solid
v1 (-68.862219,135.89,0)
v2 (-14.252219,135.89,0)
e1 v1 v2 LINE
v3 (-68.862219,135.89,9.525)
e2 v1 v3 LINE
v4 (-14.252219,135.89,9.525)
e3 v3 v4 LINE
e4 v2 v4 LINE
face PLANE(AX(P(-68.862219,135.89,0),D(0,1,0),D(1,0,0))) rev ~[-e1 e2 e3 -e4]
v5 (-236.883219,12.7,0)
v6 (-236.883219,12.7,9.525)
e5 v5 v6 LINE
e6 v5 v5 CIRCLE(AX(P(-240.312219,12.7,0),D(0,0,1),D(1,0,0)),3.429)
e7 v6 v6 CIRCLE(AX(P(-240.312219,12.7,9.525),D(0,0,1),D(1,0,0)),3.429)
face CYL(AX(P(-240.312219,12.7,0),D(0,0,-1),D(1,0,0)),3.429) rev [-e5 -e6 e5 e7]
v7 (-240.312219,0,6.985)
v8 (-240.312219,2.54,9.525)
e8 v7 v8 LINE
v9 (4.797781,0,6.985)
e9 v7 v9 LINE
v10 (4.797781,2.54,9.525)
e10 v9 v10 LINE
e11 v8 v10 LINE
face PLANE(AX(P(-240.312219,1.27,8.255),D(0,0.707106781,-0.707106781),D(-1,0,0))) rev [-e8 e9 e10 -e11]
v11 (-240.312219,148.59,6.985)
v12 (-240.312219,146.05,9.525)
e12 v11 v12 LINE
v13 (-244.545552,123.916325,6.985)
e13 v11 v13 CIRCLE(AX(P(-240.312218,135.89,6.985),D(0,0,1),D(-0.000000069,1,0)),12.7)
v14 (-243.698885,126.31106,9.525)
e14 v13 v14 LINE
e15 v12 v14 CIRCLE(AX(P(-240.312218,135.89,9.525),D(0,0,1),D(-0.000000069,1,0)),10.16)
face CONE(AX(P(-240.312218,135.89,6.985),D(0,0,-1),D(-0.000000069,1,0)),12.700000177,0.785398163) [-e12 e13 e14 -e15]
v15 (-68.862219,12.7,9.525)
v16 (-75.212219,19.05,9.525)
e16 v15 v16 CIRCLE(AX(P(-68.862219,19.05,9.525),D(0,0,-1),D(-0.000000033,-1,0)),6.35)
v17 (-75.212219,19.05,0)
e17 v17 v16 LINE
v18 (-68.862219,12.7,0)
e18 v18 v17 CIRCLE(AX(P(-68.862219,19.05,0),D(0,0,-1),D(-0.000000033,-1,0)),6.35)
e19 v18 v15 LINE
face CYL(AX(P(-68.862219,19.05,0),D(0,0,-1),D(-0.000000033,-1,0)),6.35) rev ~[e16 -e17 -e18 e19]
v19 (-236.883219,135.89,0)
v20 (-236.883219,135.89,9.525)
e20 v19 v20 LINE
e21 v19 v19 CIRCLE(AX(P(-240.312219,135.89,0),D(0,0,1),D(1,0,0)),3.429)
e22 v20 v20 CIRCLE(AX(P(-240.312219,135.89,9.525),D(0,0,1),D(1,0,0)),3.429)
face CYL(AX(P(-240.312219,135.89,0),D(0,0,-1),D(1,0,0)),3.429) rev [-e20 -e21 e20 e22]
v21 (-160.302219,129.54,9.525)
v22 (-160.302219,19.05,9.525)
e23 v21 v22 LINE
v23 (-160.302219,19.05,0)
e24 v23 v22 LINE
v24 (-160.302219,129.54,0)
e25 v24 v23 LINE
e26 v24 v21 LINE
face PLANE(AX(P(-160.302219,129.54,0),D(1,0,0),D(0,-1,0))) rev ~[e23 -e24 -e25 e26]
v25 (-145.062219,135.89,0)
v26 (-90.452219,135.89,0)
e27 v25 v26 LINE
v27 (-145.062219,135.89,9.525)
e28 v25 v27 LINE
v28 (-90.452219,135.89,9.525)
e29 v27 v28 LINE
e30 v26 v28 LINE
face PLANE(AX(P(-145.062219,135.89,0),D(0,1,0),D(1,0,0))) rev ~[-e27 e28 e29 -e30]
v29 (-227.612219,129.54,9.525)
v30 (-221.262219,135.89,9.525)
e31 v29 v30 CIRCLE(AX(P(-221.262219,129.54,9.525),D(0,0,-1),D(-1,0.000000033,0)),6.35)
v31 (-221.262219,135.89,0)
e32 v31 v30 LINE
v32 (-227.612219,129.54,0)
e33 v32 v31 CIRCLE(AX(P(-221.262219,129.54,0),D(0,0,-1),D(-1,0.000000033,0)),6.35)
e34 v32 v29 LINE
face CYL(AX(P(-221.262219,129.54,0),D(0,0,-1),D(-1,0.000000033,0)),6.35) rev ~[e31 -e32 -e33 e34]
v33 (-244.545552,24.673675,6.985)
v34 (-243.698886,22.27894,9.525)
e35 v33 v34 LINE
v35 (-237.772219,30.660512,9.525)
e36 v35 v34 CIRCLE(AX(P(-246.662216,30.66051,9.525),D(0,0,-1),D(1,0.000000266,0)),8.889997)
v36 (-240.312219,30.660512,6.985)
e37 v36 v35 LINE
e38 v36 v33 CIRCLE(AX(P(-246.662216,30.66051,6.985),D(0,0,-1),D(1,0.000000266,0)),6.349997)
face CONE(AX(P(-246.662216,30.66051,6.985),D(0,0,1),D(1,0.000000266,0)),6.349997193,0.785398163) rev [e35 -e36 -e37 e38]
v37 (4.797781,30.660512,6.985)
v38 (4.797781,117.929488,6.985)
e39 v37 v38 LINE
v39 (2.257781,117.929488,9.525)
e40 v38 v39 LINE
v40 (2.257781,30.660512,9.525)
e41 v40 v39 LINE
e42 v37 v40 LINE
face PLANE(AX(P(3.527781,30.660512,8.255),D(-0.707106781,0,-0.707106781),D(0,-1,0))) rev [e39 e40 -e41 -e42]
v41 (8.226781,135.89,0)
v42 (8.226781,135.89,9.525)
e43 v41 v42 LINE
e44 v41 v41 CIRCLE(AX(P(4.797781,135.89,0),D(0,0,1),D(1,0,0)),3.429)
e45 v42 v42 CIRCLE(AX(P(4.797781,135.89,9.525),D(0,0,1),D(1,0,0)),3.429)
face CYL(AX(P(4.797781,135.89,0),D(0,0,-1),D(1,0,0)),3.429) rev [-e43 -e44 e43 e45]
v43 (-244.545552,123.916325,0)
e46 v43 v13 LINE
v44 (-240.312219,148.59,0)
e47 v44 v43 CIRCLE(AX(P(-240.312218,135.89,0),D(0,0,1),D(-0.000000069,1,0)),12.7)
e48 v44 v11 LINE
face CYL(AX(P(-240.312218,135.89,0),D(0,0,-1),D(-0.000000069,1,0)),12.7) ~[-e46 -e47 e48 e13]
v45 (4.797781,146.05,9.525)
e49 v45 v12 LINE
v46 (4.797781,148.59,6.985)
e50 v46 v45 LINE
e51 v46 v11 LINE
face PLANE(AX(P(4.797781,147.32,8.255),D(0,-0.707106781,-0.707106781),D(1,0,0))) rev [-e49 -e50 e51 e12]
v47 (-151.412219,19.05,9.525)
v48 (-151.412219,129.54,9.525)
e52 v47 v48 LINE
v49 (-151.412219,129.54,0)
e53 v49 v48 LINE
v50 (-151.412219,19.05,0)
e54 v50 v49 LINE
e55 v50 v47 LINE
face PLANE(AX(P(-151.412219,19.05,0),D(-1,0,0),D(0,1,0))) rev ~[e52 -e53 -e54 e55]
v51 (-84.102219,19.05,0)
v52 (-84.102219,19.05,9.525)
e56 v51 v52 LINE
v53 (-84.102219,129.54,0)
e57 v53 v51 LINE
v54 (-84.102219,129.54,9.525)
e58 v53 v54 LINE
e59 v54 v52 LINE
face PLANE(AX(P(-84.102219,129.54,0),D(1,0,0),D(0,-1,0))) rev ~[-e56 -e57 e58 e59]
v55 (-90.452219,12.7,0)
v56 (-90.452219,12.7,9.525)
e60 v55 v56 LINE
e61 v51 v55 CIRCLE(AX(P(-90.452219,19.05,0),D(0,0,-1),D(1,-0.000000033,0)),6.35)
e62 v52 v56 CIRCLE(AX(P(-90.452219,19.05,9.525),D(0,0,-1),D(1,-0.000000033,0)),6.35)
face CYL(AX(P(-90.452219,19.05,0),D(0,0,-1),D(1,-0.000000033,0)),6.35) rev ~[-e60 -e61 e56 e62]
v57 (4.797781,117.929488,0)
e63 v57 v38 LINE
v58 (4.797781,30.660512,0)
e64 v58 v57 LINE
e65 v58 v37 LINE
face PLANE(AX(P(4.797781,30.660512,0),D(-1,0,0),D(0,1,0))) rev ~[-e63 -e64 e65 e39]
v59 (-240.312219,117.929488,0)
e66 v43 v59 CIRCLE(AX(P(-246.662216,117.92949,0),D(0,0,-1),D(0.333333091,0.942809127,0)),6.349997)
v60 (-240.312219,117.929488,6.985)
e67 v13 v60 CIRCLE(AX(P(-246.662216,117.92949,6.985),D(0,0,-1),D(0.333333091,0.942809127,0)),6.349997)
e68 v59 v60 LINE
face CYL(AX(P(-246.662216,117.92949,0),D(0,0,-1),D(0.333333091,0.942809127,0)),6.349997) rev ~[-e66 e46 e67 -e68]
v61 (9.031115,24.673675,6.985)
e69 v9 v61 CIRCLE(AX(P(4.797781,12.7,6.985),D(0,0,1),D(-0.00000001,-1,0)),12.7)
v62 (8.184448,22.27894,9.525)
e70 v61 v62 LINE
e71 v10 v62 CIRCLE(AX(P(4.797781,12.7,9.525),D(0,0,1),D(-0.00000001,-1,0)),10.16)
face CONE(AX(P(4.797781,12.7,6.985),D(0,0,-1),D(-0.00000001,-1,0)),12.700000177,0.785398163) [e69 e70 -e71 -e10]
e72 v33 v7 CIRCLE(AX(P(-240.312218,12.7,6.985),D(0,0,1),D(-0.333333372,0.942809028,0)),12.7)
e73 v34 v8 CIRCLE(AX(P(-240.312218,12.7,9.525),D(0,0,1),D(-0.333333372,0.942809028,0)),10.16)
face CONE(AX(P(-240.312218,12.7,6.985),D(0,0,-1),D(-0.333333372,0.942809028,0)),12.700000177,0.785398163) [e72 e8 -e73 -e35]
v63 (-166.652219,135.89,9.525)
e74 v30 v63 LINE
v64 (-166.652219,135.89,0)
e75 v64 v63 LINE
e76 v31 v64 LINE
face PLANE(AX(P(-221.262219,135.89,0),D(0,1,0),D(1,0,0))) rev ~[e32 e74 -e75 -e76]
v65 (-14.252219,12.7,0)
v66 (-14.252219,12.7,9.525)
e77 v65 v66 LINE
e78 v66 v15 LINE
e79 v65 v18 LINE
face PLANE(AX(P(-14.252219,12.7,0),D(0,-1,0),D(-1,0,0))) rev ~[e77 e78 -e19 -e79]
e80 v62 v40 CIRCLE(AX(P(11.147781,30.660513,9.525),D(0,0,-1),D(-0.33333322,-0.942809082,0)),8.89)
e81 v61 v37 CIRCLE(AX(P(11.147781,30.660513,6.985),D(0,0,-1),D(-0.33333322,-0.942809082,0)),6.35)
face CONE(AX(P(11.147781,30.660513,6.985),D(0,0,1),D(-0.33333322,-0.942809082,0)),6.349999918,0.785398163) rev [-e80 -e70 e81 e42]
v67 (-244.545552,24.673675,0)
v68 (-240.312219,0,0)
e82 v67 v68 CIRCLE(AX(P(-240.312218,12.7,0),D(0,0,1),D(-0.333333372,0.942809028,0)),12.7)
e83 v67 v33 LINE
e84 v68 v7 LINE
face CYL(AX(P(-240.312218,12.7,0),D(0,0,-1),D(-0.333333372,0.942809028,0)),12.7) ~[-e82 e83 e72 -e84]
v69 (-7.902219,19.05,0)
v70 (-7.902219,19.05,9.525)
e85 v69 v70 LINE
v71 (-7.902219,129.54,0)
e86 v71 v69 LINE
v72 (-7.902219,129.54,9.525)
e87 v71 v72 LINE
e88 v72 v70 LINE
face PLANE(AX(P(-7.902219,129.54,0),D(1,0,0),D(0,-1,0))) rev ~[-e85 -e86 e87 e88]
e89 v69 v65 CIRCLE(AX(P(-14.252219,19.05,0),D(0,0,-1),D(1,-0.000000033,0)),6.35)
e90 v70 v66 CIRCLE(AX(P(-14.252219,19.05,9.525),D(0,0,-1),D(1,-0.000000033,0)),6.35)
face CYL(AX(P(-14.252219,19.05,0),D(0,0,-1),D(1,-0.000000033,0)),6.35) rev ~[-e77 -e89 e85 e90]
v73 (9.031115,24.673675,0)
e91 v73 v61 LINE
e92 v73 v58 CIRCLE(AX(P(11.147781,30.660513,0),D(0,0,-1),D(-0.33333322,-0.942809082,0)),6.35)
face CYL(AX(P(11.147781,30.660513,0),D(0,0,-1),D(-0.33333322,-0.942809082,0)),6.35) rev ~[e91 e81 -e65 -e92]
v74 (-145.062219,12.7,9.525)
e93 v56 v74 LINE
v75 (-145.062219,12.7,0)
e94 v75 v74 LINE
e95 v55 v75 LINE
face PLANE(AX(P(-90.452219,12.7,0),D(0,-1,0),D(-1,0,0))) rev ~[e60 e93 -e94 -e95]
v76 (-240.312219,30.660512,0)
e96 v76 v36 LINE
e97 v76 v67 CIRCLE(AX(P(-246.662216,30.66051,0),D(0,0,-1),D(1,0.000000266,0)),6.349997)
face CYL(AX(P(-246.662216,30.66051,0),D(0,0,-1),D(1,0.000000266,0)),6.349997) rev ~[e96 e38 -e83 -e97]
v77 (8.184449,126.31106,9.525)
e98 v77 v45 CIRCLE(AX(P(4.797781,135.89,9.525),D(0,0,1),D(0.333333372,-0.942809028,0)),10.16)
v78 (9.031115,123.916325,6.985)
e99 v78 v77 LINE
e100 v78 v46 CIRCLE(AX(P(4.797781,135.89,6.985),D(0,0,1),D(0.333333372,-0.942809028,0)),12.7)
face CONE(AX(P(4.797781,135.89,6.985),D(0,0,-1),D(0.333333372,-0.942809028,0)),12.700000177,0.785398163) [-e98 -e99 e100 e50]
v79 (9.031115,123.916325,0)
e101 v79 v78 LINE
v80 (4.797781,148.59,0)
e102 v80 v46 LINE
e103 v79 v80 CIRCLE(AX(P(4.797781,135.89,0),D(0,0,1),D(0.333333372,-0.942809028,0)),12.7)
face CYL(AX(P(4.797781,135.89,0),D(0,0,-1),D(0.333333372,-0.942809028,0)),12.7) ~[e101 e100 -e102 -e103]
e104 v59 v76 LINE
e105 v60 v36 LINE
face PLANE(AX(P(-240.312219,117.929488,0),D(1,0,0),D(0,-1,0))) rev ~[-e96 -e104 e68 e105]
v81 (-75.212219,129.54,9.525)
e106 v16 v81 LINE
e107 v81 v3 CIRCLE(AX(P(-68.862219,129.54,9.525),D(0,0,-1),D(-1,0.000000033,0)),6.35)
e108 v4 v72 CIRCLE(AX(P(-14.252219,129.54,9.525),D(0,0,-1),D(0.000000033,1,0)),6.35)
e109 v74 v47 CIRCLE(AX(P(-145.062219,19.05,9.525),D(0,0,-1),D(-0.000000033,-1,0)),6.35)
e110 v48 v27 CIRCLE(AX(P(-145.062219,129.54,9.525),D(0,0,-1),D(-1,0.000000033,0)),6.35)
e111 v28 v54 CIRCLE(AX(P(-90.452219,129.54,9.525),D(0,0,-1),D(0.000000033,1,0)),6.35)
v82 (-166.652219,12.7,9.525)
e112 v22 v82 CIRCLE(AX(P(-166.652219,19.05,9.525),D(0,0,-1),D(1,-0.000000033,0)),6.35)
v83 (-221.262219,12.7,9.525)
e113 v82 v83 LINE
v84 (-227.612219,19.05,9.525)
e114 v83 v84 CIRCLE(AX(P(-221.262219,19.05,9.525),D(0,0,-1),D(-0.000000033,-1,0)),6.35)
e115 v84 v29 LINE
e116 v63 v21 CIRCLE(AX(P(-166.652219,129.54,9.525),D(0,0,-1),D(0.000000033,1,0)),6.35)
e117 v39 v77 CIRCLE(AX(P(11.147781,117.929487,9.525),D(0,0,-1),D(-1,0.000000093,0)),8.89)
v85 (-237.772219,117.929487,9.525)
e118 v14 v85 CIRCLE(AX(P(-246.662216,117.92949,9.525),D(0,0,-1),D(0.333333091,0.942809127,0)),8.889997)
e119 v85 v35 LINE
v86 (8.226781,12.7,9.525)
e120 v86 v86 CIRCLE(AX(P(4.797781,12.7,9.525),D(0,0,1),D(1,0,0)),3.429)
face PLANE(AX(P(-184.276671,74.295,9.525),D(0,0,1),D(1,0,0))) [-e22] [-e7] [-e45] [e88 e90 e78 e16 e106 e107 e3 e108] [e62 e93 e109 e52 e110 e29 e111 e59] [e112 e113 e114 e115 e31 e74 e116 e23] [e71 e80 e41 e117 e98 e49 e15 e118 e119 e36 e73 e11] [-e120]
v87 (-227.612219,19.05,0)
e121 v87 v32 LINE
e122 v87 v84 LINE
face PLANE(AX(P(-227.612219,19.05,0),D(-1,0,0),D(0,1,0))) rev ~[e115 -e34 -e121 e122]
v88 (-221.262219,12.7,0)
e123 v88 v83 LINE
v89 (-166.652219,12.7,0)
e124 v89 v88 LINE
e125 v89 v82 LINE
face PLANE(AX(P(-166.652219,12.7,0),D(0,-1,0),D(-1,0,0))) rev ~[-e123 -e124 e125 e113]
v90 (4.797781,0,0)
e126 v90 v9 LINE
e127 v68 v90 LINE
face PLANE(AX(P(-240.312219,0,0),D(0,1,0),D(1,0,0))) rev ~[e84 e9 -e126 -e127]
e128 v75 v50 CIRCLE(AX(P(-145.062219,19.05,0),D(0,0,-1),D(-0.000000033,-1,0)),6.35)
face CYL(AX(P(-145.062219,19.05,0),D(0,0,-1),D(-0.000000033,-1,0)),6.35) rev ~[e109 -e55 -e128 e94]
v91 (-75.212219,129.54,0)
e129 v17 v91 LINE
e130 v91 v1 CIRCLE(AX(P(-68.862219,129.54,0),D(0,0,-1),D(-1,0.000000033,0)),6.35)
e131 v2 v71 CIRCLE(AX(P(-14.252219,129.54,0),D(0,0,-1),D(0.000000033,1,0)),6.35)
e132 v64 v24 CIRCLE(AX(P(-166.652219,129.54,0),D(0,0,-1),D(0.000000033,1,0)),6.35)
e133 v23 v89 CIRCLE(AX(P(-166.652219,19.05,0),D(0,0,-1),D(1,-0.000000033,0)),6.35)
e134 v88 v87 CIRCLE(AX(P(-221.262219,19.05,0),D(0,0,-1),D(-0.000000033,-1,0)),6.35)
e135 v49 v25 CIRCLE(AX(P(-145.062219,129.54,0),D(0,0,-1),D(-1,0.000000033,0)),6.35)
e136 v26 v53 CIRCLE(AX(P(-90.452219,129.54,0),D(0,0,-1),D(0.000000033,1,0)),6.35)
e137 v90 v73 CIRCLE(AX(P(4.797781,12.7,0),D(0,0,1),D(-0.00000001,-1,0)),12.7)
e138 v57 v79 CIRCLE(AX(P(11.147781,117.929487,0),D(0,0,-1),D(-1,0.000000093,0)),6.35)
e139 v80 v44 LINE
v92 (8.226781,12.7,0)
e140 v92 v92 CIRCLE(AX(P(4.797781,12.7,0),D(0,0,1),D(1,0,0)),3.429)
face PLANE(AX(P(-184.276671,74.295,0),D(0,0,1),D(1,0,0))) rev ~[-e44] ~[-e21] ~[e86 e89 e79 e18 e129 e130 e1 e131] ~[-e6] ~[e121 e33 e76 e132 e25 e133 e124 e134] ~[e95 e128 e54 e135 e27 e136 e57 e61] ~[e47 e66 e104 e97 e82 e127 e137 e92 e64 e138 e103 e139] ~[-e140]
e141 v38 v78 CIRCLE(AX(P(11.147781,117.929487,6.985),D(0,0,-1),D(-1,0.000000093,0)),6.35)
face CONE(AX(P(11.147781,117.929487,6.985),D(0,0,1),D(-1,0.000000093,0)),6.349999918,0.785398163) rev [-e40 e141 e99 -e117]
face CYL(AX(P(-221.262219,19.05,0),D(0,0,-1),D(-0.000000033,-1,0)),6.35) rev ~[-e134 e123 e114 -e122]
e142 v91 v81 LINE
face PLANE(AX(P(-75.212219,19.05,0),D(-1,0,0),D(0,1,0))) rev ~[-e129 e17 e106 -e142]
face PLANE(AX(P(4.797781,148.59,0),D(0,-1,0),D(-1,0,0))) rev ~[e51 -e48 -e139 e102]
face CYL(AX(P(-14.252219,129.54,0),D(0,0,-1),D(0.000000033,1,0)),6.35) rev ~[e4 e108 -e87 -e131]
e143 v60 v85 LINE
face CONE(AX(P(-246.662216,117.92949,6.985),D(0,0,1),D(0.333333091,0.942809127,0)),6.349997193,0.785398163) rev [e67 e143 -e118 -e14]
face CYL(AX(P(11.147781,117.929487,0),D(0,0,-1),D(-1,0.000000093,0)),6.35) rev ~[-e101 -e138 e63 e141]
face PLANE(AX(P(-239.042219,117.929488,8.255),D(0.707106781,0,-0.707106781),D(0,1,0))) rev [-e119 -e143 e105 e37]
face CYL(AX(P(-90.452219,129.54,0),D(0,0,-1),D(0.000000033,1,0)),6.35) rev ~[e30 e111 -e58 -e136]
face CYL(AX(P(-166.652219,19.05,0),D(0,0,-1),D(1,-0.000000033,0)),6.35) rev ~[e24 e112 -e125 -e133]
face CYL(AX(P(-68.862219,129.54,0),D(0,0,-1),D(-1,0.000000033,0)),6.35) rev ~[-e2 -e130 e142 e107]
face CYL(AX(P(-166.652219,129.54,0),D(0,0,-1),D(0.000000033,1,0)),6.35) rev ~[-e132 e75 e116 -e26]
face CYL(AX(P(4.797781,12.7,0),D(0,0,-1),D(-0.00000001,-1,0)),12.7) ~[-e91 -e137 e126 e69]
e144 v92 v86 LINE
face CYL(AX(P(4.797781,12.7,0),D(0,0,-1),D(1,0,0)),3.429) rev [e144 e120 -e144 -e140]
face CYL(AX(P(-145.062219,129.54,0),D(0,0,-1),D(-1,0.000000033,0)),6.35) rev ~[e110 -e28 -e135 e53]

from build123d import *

# Parameters (mm, degrees)
F0_R     = 3.429
F1_DEPTH = 9.525
F2_SIZE  = 2.54


with BuildPart() as f1:
    # F0 (on Top) → F1 (new body)
    with BuildSketch(Plane.XY):
        with BuildLine():
            Line((-117.757219, 148.59), (-240.312219, 148.59))
            ThreePointArc((-240.312219, 148.59), (-252.82932, 138.037595), (-244.545552, 123.916325))
            ThreePointArc((-244.545552, 123.916325), (-241.477465, 121.595662), (-240.312219, 117.929488))
            Line((-240.312219, 117.929488), (-240.312219, 30.660512))
            ThreePointArc((-240.312219, 30.660512), (-241.477465, 26.994338), (-244.545552, 24.673675))
            ThreePointArc((-244.545552, 24.673675), (-252.82932, 10.552405), (-240.312219, 0))
            Line((-240.312219, 0), (-117.757219, 0))
            Line((-117.757219, 0), (-117.757219, 12.7))
            Line((-117.757219, 12.7), (-145.062219, 12.7))
            ThreePointArc((-145.062219, 12.7), (-149.552347, 14.559872), (-151.412219, 19.05))
            Line((-151.412219, 19.05), (-151.412219, 129.54))
            ThreePointArc((-151.412219, 129.54), (-149.552347, 134.030128), (-145.062219, 135.89))
            Line((-145.062219, 135.89), (-117.757219, 135.89))
            Line((-117.757219, 135.89), (-117.757219, 148.59))
        make_face()
        with Locations((-240.312219, 12.7)):
            Circle(F0_R, mode=Mode.SUBTRACT)
        with BuildLine():
            ThreePointArc((-227.612219, 129.54), (-225.752347, 134.030128), (-221.262219, 135.89))
            Line((-221.262219, 135.89), (-166.652219, 135.89))
            ThreePointArc((-166.652219, 135.89), (-162.162091, 134.030128), (-160.302219, 129.54))
            Line((-160.302219, 129.54), (-160.302219, 19.05))
            ThreePointArc((-160.302219, 19.05), (-162.162091, 14.559872), (-166.652219, 12.7))
            Line((-166.652219, 12.7), (-221.262219, 12.7))
            ThreePointArc((-221.262219, 12.7), (-225.752347, 14.559872), (-227.612219, 19.05))
            Line((-227.612219, 19.05), (-227.612219, 129.54))
        make_face(mode=Mode.SUBTRACT)
        with Locations((-240.312219, 135.89)):
            Circle(F0_R, mode=Mode.SUBTRACT)
        with BuildLine():
            Line((4.797781, 148.59), (-117.757219, 148.59))
            Line((-117.757219, 148.59), (-117.757219, 135.89))
            Line((-117.757219, 135.89), (-90.452219, 135.89))
            ThreePointArc((-90.452219, 135.89), (-85.962091, 134.030128), (-84.102219, 129.54))
            Line((-84.102219, 129.54), (-84.102219, 19.05))
            ThreePointArc((-84.102219, 19.05), (-85.962091, 14.559872), (-90.452219, 12.7))
            Line((-90.452219, 12.7), (-117.757219, 12.7))
            Line((-117.757219, 12.7), (-117.757219, 0))
            Line((-117.757219, 0), (4.797781, 0))
            ThreePointArc((4.797781, 0), (17.314883, 10.552405), (9.031115, 24.673675))
            ThreePointArc((9.031115, 24.673675), (5.963028, 26.994338), (4.797781, 30.660512))
            Line((4.797781, 30.660512), (4.797781, 117.929488))
            ThreePointArc((4.797781, 117.929488), (5.963028, 121.595662), (9.031115, 123.916325))
            ThreePointArc((9.031115, 123.916325), (17.314883, 138.037595), (4.797781, 148.59))
        make_face()
        with Locations((4.797781, 12.7)):
            Circle(F0_R, mode=Mode.SUBTRACT)
        with BuildLine():
            Line((-7.902219, 129.54), (-7.902219, 19.05))
            ThreePointArc((-7.902219, 19.05), (-9.762091, 14.559872), (-14.252219, 12.7))
            Line((-14.252219, 12.7), (-68.862219, 12.7))
            ThreePointArc((-68.862219, 12.7), (-73.352347, 14.559872), (-75.212219, 19.05))
            Line((-75.212219, 19.05), (-75.212219, 129.54))
            ThreePointArc((-75.212219, 129.54), (-73.352347, 134.030128), (-68.862219, 135.89))
            Line((-68.862219, 135.89), (-14.252219, 135.89))
            ThreePointArc((-14.252219, 135.89), (-9.762091, 134.030128), (-7.902219, 129.54))
        make_face(mode=Mode.SUBTRACT)
        with Locations((4.797781, 135.89)):
            Circle(F0_R, mode=Mode.SUBTRACT)
    extrude(amount=F1_DEPTH)

    # F2
    f2_edges = [f1.edges().sort_by_distance(p)[0] for p in [
        (-117.757219, 0, 9.525),
    ]]
    chamfer(f2_edges, length=F2_SIZE)


solid = f1.part
